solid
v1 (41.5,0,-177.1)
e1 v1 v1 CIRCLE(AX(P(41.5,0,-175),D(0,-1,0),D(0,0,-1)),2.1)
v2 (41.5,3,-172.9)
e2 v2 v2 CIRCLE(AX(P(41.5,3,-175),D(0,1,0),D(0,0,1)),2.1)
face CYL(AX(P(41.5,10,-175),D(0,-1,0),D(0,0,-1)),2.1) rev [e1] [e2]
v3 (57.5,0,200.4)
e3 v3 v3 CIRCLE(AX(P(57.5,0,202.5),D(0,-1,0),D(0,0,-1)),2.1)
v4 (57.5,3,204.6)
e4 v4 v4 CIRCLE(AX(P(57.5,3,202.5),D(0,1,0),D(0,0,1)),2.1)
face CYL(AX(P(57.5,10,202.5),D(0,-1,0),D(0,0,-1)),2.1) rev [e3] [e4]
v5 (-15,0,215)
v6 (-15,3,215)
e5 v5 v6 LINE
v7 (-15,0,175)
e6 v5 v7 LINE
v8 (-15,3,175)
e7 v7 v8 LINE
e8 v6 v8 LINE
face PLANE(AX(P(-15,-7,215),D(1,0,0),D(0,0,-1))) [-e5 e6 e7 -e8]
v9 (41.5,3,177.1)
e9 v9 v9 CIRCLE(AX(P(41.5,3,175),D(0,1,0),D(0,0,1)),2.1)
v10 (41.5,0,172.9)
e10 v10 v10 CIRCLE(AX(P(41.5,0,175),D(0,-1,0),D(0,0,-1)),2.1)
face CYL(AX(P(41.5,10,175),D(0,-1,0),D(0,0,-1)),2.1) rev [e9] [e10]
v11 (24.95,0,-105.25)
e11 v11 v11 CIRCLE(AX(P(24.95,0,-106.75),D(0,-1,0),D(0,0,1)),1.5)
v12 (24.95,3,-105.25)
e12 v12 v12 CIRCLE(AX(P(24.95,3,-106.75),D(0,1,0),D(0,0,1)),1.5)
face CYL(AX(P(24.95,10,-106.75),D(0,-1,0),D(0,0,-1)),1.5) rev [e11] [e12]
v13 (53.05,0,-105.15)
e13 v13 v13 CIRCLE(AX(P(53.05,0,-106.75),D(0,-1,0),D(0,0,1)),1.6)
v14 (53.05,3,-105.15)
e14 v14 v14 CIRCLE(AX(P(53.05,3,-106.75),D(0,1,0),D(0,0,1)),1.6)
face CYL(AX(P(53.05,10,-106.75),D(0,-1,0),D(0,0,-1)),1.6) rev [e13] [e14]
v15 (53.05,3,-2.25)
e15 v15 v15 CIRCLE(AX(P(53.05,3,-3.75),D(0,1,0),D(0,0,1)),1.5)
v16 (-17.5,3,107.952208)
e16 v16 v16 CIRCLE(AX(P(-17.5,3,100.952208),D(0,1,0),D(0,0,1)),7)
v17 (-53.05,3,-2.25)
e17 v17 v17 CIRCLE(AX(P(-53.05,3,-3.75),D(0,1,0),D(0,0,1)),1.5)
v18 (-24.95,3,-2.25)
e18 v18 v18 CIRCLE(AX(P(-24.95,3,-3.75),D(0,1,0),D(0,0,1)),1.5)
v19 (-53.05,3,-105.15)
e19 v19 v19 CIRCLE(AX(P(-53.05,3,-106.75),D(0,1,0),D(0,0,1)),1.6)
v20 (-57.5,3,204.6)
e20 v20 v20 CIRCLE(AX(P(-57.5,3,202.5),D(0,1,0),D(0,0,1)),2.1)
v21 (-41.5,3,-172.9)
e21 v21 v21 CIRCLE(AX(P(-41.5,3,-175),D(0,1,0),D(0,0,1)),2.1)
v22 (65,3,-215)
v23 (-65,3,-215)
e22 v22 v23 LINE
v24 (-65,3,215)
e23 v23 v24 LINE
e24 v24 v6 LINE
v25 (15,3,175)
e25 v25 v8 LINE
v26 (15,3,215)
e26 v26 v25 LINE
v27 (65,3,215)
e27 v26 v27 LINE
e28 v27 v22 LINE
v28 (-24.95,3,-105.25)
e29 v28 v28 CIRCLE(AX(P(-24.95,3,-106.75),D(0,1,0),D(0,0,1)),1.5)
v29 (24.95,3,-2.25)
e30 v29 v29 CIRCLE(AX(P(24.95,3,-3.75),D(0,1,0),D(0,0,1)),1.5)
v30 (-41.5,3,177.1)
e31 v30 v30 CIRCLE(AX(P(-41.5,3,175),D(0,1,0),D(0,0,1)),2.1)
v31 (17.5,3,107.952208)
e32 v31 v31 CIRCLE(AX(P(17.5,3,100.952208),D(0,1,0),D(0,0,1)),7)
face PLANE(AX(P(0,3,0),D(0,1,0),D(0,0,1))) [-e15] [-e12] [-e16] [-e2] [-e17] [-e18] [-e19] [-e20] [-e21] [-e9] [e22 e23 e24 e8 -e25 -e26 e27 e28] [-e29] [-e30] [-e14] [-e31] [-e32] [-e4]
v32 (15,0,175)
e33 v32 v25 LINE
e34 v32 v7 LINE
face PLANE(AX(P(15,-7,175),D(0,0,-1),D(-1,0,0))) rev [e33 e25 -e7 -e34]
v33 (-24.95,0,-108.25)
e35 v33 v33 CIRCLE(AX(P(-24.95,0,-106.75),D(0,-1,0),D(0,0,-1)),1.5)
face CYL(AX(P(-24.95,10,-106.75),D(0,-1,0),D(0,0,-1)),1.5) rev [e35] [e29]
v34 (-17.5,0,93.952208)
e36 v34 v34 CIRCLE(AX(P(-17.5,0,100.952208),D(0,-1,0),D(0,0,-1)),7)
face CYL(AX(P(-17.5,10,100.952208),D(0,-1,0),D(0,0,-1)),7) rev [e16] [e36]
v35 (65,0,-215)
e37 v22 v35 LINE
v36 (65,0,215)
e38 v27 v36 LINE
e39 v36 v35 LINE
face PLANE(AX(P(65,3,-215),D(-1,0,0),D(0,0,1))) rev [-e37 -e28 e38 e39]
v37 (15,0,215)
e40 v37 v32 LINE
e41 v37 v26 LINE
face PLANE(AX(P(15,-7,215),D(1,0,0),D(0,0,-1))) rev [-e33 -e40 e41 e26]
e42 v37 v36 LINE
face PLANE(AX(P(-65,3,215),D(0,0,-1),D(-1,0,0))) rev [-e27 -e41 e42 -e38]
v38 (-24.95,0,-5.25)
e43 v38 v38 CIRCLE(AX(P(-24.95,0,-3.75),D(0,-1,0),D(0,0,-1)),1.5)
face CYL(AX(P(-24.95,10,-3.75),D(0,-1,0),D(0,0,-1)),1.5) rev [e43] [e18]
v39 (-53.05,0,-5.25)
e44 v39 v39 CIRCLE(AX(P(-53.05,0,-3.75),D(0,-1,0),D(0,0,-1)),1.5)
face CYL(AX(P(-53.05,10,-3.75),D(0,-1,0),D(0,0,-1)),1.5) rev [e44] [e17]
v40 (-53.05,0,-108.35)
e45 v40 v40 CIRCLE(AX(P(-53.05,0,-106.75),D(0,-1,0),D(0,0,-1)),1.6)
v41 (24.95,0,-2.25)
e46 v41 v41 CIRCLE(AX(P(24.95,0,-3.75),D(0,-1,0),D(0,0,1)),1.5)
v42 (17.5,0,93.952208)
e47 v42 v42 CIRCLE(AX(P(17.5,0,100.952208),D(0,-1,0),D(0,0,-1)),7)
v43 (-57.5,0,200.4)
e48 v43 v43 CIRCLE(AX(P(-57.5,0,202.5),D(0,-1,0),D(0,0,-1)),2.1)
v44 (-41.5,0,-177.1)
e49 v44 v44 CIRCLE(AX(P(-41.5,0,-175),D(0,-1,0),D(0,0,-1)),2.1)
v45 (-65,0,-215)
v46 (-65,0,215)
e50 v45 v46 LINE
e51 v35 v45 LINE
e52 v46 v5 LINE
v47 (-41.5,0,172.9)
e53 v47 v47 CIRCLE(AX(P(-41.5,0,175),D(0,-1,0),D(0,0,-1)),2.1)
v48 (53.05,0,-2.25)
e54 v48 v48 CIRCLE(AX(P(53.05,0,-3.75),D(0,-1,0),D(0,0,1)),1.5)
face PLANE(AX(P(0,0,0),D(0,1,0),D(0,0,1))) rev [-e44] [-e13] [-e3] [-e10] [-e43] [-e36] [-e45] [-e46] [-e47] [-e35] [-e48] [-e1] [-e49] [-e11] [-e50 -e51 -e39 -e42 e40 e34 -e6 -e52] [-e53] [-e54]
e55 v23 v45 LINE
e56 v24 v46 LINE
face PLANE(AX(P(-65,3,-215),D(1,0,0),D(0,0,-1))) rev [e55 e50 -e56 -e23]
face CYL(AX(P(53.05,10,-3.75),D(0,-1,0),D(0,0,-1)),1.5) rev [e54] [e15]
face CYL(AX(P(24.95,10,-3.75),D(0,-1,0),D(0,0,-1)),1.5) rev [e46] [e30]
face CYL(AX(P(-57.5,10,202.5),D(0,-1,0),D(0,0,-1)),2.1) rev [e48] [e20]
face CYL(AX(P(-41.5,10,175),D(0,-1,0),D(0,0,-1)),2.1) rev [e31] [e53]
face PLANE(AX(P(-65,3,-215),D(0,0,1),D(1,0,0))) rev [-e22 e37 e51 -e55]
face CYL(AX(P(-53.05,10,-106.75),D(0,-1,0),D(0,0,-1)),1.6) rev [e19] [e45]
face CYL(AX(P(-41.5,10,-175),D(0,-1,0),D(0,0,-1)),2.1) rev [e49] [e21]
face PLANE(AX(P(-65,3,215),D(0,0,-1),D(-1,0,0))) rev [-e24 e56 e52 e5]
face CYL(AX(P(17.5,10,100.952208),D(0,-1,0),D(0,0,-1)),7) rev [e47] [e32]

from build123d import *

# Parameters (mm, degrees)
SKETCH1_W           = 130
SKETCH1_H           = 430
BOSS_EXTRUDE1_DEPTH = 3
SKETCH2_W           = 30
SKETCH2_H           = 40
CUT_EXTRUDE1_DEPTH  = 10
SKETCH3_R           = 1.5
SKETCH3_R_2         = 1.6
SKETCH3_R_3         = 2.1
CUT_EXTRUDE2_DEPTH  = 10
SKETCH4_R           = 7
CUT_EXTRUDE3_DEPTH  = 10


with BuildPart() as part:
    # Sketch1 → Boss-Extrude1 (new body)
    with BuildSketch(Plane(origin=(0, 0, 0), x_dir=(1, 0, 0), z_dir=(0, 1, 0))):
        Rectangle(SKETCH1_W, SKETCH1_H)
    extrude(amount=BOSS_EXTRUDE1_DEPTH)

    # Sketch2 → Cut-Extrude1 (cut)
    with BuildSketch(Plane(origin=(0, 3, 0), x_dir=(1, 0, 0), z_dir=(0, 1, 0))):
        with Locations((0, -195)):
            Rectangle(SKETCH2_W, SKETCH2_H)
    extrude(amount=-CUT_EXTRUDE1_DEPTH, mode=Mode.SUBTRACT)

    # Sketch3 → Cut-Extrude2 (cut)
    with BuildSketch(Plane.XZ):
        with Locations(Location((-53.05, -3.75, 0), (0, 0, 270))):
            Circle(SKETCH3_R)
        with Locations(Location((-24.95, -3.75, 0), (0, 0, 270))):
            Circle(SKETCH3_R)
        with Locations(Location((-53.05, -106.75, 0), (0, 0, 270))):
            Circle(SKETCH3_R_2)
        with Locations(Location((-24.95, -106.75, 0), (0, 0, 270))):
            Circle(SKETCH3_R)
        with Locations(Location((24.95, -106.75, 0), (0, 0, 90))):
            Circle(SKETCH3_R)
        with Locations(Location((57.5, 202.5, 0), (0, 0, 270))):
            Circle(SKETCH3_R_3)
        with Locations(Location((53.05, -106.75, 0), (0, 0, 90))):
            Circle(SKETCH3_R_2)
        with Locations(Location((24.95, -3.75, 0), (0, 0, 90))):
            Circle(SKETCH3_R)
        with Locations(Location((-57.5, 202.5, 0), (0, 0, 270))):
            Circle(SKETCH3_R_3)
        with Locations(Location((53.05, -3.75, 0), (0, 0, 90))):
            Circle(SKETCH3_R)
        with Locations(Location((-41.5, 175, 0), (0, 0, 270))):
            Circle(SKETCH3_R_3)
        with Locations(Location((41.5, 175, 0), (0, 0, 270))):
            Circle(SKETCH3_R_3)
        with Locations(Location((41.5, -175, 0), (0, 0, 270))):
            Circle(SKETCH3_R_3)
        with Locations(Location((-41.5, -175, 0), (0, 0, 270))):
            Circle(SKETCH3_R_3)
    extrude(amount=-CUT_EXTRUDE2_DEPTH, mode=Mode.SUBTRACT)

    # Sketch4 → Cut-Extrude3 (cut)
    with BuildSketch(Plane.XZ):
        with Locations(Location((-17.5, 100.952208061, 0), (0, 0, 270))):
            Circle(SKETCH4_R)
        with Locations(Location((17.5, 100.952208061, 0), (0, 0, 270))):
            Circle(SKETCH4_R)
    extrude(amount=-CUT_EXTRUDE3_DEPTH, mode=Mode.SUBTRACT)


solid = part.part
